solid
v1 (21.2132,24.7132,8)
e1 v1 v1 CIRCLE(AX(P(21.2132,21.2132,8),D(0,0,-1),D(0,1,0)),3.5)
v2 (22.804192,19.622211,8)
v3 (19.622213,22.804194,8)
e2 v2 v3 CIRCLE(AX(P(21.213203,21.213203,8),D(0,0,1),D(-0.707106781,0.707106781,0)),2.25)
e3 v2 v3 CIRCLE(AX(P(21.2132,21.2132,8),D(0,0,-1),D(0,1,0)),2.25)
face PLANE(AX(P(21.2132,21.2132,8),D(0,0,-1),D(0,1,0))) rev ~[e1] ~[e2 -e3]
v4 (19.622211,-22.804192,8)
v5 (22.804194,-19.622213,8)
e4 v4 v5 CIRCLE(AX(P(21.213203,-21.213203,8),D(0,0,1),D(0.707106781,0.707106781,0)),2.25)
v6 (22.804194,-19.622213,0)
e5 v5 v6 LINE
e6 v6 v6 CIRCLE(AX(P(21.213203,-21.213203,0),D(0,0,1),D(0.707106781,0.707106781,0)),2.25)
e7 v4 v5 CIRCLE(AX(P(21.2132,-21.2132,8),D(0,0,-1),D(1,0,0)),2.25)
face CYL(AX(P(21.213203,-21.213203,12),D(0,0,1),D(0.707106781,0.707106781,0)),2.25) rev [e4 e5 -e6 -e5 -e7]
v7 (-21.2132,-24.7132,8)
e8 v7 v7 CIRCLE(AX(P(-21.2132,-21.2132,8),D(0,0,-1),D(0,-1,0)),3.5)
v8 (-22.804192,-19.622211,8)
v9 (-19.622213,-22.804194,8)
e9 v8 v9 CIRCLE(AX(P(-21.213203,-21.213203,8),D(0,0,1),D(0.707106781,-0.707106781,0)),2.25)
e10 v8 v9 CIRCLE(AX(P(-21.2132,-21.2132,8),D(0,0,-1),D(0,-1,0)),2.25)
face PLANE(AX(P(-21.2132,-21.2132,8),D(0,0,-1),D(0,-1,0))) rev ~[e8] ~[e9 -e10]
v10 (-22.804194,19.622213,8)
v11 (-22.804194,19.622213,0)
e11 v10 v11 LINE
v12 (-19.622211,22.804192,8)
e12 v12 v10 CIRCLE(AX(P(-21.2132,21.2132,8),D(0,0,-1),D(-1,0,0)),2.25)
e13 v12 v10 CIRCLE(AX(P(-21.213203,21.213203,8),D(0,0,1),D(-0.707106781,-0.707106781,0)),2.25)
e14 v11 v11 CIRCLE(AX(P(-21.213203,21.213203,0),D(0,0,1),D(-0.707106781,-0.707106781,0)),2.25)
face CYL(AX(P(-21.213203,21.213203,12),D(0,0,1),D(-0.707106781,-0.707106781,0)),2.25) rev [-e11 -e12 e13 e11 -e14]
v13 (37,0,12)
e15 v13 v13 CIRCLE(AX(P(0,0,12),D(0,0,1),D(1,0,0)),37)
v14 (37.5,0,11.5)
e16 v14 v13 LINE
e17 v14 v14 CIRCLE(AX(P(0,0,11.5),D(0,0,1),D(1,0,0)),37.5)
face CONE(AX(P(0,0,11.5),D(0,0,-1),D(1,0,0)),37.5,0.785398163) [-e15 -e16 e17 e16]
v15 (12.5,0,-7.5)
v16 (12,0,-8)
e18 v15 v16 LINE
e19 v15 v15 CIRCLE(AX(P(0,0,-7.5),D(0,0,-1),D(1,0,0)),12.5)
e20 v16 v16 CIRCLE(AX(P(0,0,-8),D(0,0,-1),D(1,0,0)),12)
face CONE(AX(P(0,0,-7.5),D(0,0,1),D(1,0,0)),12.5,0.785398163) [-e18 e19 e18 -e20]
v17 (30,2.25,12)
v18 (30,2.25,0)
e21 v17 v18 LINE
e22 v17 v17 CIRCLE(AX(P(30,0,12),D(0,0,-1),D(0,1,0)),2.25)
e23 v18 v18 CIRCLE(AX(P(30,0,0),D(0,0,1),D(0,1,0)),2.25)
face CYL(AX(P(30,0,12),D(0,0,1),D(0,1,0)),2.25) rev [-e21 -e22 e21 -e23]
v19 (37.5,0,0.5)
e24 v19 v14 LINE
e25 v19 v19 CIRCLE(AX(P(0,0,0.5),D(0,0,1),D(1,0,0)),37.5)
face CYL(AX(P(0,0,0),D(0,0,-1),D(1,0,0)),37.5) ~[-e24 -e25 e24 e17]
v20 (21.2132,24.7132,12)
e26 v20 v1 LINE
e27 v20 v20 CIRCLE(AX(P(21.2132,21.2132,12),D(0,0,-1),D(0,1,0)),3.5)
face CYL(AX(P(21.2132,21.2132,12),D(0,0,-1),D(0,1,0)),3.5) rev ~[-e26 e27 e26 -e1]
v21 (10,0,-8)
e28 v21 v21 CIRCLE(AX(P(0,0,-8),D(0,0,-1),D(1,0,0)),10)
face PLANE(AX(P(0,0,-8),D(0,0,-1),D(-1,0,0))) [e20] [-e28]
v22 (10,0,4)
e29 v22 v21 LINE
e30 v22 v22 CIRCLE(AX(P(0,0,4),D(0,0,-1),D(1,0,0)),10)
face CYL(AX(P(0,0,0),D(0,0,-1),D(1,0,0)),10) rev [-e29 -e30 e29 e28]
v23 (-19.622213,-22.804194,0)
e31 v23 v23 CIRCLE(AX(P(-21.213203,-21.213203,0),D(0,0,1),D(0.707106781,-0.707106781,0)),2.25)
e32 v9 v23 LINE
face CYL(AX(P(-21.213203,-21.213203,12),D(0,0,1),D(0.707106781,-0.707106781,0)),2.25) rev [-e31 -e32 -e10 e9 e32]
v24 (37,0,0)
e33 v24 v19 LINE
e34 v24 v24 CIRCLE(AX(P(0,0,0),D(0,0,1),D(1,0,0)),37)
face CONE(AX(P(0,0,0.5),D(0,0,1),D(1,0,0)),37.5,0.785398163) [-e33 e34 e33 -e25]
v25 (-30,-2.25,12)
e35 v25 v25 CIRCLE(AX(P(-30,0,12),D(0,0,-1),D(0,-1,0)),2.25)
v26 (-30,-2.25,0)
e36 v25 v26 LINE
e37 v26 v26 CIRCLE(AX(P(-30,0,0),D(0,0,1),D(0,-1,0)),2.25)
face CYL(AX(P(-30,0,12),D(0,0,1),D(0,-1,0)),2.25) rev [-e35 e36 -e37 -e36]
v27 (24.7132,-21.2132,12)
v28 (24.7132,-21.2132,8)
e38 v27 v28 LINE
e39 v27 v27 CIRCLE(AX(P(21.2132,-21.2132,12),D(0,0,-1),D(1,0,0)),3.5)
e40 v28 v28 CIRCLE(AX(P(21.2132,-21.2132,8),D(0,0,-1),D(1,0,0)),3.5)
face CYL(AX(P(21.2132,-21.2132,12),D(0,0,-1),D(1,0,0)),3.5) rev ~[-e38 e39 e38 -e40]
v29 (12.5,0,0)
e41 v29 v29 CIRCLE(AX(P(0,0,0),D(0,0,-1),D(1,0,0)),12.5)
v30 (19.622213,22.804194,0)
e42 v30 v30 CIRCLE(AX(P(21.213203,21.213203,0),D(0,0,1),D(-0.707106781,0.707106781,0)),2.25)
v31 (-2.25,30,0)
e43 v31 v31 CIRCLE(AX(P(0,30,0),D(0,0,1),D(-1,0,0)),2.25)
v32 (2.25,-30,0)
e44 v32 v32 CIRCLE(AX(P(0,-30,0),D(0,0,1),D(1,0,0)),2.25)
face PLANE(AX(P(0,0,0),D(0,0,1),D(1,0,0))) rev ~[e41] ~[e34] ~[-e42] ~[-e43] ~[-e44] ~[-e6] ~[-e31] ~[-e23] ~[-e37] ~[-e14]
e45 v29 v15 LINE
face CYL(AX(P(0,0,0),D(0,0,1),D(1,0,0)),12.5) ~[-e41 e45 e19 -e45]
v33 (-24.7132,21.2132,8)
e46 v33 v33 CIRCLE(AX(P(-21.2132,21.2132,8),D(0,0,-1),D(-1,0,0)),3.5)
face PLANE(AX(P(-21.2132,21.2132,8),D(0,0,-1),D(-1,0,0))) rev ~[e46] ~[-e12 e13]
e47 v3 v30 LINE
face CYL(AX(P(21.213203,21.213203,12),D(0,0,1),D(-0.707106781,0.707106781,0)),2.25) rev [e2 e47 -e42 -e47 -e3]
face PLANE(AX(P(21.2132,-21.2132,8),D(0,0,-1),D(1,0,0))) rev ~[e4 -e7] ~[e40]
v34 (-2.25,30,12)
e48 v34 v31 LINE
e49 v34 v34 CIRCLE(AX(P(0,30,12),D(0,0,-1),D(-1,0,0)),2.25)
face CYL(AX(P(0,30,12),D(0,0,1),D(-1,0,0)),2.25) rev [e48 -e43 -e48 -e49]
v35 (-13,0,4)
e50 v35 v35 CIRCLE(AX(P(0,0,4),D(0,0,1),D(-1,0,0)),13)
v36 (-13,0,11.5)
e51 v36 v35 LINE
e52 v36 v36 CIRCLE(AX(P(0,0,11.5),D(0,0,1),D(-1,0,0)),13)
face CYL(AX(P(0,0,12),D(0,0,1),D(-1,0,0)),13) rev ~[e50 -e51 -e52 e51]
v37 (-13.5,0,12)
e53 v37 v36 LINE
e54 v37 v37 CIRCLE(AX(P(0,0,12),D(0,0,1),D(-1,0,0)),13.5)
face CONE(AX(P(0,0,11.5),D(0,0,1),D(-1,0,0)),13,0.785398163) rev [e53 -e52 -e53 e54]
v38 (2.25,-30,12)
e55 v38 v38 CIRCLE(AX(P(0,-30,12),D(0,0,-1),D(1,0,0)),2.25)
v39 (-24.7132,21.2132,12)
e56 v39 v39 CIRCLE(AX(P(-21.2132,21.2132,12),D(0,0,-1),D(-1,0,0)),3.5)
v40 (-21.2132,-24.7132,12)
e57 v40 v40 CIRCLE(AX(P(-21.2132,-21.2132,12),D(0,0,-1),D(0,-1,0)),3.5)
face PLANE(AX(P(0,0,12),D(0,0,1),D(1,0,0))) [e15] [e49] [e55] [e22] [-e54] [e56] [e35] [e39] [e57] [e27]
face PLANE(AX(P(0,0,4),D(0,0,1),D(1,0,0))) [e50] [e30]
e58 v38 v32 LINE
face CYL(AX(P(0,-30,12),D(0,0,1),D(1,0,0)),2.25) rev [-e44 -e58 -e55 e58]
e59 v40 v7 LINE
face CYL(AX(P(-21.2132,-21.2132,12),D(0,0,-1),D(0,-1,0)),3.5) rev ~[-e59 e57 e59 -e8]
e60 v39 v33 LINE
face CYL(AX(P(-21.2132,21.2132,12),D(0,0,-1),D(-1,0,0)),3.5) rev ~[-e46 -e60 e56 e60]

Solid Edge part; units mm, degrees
sketch "Sketch1" plane through (60.3162, 60.3162, 0) normal (0, 0, 1) x (1, 0, 0)
  circle A0 centre (-60.3162, -60.3162) radius 37.5
  circle A1 centre (-60.3162, -60.3162) radius 10
  dimension "D1" = 75
  dimension "D2" = 20
extrude "Protrusion1" add sketch "Sketch1" along normal blind 12
sketch "Sketch2" plane through (0, 0, 0) normal (0, 0, -1) x (1, 0, 0)
  circle A0 centre (0, 0) radius 10
  circle A1 centre (0, 0) radius 12.5
  dimension "D1" = 25
extrude "Extrusionsausprägung_2" add sketch "Sketch2" along normal blind 8
chamfer "Fase_1" distance 0.5 angle 45 1 edges at (-12.5, 0, -8)
hole "Bohrung_1" at (-30, 0, 12) direction (0, 0, -1) diameter 4.5 end through all
pattern_circular "Pattern1" count 8 over 360 about axis through (0, 0, 12) along (0, 0, 1) of "Bohrung_1"
chamfer "Fase_2" distance 0.5 angle 45 2 edges at (-37.5, 0, 12) (-37.5, 0, 0)
sketch "Sketch3" plane through (0, 0, 12) normal (0, 0, 1) x (-1, 0, 0)
  circle A0 centre (0, 0) radius 11
  dimension "D1" = 22
extrude "Extrusionsausprägung_4" add sketch "Sketch3" against normal blind 7
sketch "Sketch4" plane through (0, 0, 12) normal (0, 0, 1) x (-1, 0, 0)
  circle A0 centre (0, 0) radius 13
  dimension "D1" = 26
extrude "Extrusionsausschnitt_2" cut sketch "Sketch4" against normal blind 8
chamfer "Fase_3" distance 0.5 angle 45 1 edges at (13, 0, 12)
hole "Bohrung_2" at (-21.2132, -21.2132, 12) direction (0, 0, -1) diameter 4.5 end up to next counterbore diameter 7 counterbore depth 4
pattern_circular "Pattern3" count 4 over 360 about axis through (0, 0, 12) along (0, 0, -1) of "Bohrung_2"
properties material "Aluminium, 1060"
